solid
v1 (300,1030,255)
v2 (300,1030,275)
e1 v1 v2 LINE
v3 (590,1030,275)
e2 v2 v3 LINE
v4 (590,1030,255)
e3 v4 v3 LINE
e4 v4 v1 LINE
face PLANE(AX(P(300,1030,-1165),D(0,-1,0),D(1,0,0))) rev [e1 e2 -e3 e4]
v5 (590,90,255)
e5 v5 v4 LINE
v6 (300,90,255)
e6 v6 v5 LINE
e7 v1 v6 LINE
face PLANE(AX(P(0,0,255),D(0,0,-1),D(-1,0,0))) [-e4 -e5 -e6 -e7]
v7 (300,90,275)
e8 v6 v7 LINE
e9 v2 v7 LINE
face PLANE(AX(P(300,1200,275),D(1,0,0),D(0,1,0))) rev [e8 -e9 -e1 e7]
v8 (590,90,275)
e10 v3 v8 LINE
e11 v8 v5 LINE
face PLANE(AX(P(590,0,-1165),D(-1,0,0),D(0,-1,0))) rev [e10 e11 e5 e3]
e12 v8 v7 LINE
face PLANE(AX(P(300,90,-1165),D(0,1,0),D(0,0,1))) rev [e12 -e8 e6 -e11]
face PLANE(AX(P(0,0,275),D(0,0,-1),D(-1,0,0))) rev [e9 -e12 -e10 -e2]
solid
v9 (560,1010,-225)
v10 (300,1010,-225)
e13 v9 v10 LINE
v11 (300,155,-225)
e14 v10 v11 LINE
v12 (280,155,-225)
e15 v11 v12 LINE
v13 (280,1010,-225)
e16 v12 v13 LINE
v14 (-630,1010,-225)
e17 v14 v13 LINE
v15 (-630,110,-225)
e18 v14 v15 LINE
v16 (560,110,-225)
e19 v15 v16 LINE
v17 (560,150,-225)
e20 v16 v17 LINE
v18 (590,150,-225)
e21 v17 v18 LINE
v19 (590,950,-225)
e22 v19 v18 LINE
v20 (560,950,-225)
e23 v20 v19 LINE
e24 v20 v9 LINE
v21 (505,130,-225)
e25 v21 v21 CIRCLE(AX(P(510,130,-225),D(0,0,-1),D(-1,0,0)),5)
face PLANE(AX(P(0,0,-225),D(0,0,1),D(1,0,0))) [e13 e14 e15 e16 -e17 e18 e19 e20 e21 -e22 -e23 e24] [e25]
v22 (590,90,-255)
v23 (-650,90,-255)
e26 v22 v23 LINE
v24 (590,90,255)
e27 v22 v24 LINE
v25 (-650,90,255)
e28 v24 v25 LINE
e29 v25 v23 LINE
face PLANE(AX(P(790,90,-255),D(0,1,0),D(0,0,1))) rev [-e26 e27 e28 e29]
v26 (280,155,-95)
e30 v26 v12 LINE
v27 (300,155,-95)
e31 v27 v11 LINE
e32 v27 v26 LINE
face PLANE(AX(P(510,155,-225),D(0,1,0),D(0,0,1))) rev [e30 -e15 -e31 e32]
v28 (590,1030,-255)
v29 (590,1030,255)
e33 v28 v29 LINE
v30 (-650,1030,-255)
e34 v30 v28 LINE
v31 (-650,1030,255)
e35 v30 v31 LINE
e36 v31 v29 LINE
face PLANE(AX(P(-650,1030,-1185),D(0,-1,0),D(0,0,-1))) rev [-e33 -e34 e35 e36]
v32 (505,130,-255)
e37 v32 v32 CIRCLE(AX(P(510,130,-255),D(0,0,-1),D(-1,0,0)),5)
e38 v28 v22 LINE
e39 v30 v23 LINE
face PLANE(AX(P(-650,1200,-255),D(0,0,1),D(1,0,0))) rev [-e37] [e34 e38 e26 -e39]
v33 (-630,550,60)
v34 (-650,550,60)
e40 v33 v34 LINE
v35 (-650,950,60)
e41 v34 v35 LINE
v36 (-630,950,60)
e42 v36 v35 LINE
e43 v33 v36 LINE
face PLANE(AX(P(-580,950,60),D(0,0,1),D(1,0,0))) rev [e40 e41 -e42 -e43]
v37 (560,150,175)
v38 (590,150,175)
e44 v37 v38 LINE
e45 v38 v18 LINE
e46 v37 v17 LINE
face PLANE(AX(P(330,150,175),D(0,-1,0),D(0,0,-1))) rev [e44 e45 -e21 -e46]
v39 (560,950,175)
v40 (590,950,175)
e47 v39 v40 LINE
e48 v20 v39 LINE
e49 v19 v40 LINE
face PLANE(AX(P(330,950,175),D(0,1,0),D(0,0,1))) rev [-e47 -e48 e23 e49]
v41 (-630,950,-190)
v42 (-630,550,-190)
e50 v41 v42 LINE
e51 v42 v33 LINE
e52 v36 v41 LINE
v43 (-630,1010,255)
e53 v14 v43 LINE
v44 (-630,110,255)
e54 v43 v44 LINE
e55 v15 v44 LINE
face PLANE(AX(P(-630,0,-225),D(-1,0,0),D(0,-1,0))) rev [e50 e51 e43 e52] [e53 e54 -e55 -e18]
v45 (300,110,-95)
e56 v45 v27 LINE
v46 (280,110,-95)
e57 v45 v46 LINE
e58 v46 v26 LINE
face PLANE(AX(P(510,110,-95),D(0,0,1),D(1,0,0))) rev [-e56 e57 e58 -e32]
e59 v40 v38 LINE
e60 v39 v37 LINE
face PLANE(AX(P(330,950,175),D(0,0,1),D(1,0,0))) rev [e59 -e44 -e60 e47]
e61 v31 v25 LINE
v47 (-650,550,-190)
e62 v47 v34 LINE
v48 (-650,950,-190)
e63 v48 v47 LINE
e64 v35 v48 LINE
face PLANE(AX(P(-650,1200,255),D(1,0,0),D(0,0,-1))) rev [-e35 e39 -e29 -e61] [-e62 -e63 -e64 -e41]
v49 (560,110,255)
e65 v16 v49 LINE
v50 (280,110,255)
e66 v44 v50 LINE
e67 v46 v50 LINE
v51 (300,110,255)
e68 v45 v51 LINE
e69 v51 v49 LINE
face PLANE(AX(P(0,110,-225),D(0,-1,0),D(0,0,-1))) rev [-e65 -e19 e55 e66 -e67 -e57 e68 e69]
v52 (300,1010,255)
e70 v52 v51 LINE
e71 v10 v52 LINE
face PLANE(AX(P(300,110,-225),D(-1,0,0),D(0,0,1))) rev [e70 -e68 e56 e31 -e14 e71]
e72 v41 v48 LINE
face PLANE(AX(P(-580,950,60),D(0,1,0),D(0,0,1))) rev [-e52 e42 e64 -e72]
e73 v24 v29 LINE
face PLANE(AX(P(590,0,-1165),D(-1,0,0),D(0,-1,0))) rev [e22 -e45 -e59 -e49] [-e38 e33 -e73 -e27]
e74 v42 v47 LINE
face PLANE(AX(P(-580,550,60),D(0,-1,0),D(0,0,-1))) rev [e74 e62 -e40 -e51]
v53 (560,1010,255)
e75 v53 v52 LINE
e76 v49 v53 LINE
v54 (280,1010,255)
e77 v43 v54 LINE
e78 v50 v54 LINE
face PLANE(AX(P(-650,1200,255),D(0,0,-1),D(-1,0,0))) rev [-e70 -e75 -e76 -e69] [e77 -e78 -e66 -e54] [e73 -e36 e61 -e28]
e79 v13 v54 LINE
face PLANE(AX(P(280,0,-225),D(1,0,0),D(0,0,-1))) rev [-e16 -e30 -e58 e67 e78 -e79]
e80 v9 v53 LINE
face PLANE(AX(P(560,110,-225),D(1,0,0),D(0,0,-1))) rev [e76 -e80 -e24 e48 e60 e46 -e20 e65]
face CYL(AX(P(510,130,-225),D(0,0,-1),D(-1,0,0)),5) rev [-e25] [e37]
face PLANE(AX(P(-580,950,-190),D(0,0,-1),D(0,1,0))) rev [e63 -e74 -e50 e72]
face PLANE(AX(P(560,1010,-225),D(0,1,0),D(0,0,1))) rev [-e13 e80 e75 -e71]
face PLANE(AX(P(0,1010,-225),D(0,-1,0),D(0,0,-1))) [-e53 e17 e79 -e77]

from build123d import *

# Parameters (mm, degrees)
CROQUIS1_W              = 1300
CROQUIS1_H              = 510
SALIENTE_EXTRUIR1_DEPTH = 1200
CROQUIS2_W              = 910
CROQUIS2_H              = 900
CORTAR_EXTRUIR1_DEPTH   = 480
CROQUIS3_W              = 250
CROQUIS3_H              = 400
CORTAR_EXTRUIR2_DEPTH   = 70
CROQUIS4_W              = 260
CROQUIS4_H              = 900
CORTAR_EXTRUIR3_DEPTH   = 480
CROQUIS5_W              = 400
CROQUIS5_H              = 800
CORTAR_EXTRUIR4_DEPTH   = 320
CROQUIS6_W              = 130
CROQUIS6_H              = 45
CORTAR_EXTRUIR5_DEPTH   = 230
CROQUIS7_W              = 350
CROQUIS7_H              = 1200
SALIENTE_EXTRUIR2_DEPTH = 20
CROQUIS9_W              = 510
CROQUIS9_H              = 90
CORTAR_EXTRUIR6_DEPTH   = 1440
CORTAR_EXTRUIR7_DEPTH   = 1440
CROQUIS12_W             = 290
CROQUIS12_H             = 90
CORTAR_EXTRUIR8_DEPTH   = 1440
CROQUIS14_W             = 1303.36123447
CROQUIS14_H             = 170
CORTAR_EXTRUIR9_DEPTH   = 1440
CROQUIS15_W             = 290
CROQUIS15_H             = 70
CORTAR_EXTRUIR10_DEPTH  = 1440
CROQUIS16_W             = 290
CROQUIS16_H             = 100
CORTAR_EXTRUIR11_DEPTH  = 1440
CROQUIS17_R             = 5
CORTAR_EXTRUIR12_DEPTH  = 30


with BuildPart() as part:
    # Croquis1 → Saliente-Extruir1 (new body)
    with BuildSketch(Plane(origin=(0, 0, 0), x_dir=(1, 0, 0), z_dir=(0, 1, 0))):
        Rectangle(CROQUIS1_W, CROQUIS1_H)
    extrude(amount=SALIENTE_EXTRUIR1_DEPTH)

    # Croquis2 → Cortar-Extruir1 (cut)
    with BuildSketch(Plane.XY.offset(255)):
        with Locations((-175, 560)):
            Rectangle(CROQUIS2_W, CROQUIS2_H)
    extrude(amount=-CORTAR_EXTRUIR1_DEPTH, mode=Mode.SUBTRACT)

    # Croquis3 → Cortar-Extruir2 (cut)
    with BuildSketch(Plane.ZY.offset(650)):
        with Locations((-65, 750)):
            Rectangle(CROQUIS3_W, CROQUIS3_H)
    extrude(amount=-CORTAR_EXTRUIR2_DEPTH, mode=Mode.SUBTRACT)

    # Croquis4 → Cortar-Extruir3 (cut)
    with BuildSketch(Plane.XY.offset(255)):
        with Locations((430, 560)):
            Rectangle(CROQUIS4_W, CROQUIS4_H)
    extrude(amount=-CORTAR_EXTRUIR3_DEPTH, mode=Mode.SUBTRACT)

    # Croquis5 → Cortar-Extruir4 (cut)
    with BuildSketch(Plane(origin=(650, 0, 0), x_dir=(0, 0, -1), z_dir=(1, 0, 0))):
        with Locations((25, 550)):
            Rectangle(CROQUIS5_W, CROQUIS5_H)
    extrude(amount=-CORTAR_EXTRUIR4_DEPTH, mode=Mode.SUBTRACT)

    # Croquis6 → Cortar-Extruir5 (cut)
    with BuildSketch(Plane.ZY.offset(-280)):
        with Locations((-160, 132.5)):
            Rectangle(CROQUIS6_W, CROQUIS6_H)
    extrude(amount=-CORTAR_EXTRUIR5_DEPTH, mode=Mode.SUBTRACT)

    # Croquis9 → Cortar-Extruir6 (cut)
    with BuildSketch(Plane.ZY.offset(650)):
        with Locations((0, 45)):
            Rectangle(CROQUIS9_W, CROQUIS9_H)
    extrude(amount=-CORTAR_EXTRUIR6_DEPTH, mode=Mode.SUBTRACT)


with BuildPart() as body_2:
    # Croquis7 → Saliente-Extruir2 (new body)
    with BuildSketch(Plane.XY.offset(255)):
        with Locations((475, 600)):
            Rectangle(CROQUIS7_W, CROQUIS7_H)
    extrude(amount=SALIENTE_EXTRUIR2_DEPTH)


with BuildPart() as cortar_extruir7_tool:
    # Croquis11 → Cortar-Extruir7 (new body)
    with BuildSketch(Plane.XY.offset(275)):
        Polygon((650, 1200), (590, 1200), (590, 90), (590, 0), (650, 0), align=None)
    extrude(amount=-CORTAR_EXTRUIR7_DEPTH)


with BuildPart() as part_1:
    add(part.part)

    # Cortar-Extruir7: cut by cortar_extruir7_tool
    add(cortar_extruir7_tool.part, mode=Mode.SUBTRACT)

    # Croquis14 → Cortar-Extruir9 (cut)
    with BuildSketch(Plane.XY.offset(255)):
        with Locations((1.680617235, 1115)):
            Rectangle(CROQUIS14_W, CROQUIS14_H)
    extrude(amount=-CORTAR_EXTRUIR9_DEPTH, mode=Mode.SUBTRACT)

    # Croquis17 → Cortar-Extruir12 (cut)
    with BuildSketch(Plane(origin=(0, 0, -255), x_dir=(-1, 0, 0), z_dir=(0, 0, -1))):
        with Locations((-510, 130)):
            Circle(CROQUIS17_R)
    extrude(amount=-CORTAR_EXTRUIR12_DEPTH, mode=Mode.SUBTRACT)


with BuildPart() as body_2_1:
    add(body_2.part)

    # Cortar-Extruir7: cut by cortar_extruir7_tool
    add(cortar_extruir7_tool.part, mode=Mode.SUBTRACT)

    # Croquis12 → Cortar-Extruir8 (cut)
    with BuildSketch(Plane.XY.offset(275)):
        with Locations((445, 45)):
            Rectangle(CROQUIS12_W, CROQUIS12_H)
    extrude(amount=-CORTAR_EXTRUIR8_DEPTH, mode=Mode.SUBTRACT)

    # Croquis15 → Cortar-Extruir10 (cut)
    with BuildSketch(Plane.XY.offset(275)):
        with Locations((445, 1165)):
            Rectangle(CROQUIS15_W, CROQUIS15_H)
    extrude(amount=-CORTAR_EXTRUIR10_DEPTH, mode=Mode.SUBTRACT)

    # Croquis16 → Cortar-Extruir11 (cut)
    with BuildSketch(Plane.XY.offset(275)):
        with Locations((445, 1080)):
            Rectangle(CROQUIS16_W, CROQUIS16_H)
    extrude(amount=-CORTAR_EXTRUIR11_DEPTH, mode=Mode.SUBTRACT)


solid = Compound([part_1.part, body_2_1.part])
